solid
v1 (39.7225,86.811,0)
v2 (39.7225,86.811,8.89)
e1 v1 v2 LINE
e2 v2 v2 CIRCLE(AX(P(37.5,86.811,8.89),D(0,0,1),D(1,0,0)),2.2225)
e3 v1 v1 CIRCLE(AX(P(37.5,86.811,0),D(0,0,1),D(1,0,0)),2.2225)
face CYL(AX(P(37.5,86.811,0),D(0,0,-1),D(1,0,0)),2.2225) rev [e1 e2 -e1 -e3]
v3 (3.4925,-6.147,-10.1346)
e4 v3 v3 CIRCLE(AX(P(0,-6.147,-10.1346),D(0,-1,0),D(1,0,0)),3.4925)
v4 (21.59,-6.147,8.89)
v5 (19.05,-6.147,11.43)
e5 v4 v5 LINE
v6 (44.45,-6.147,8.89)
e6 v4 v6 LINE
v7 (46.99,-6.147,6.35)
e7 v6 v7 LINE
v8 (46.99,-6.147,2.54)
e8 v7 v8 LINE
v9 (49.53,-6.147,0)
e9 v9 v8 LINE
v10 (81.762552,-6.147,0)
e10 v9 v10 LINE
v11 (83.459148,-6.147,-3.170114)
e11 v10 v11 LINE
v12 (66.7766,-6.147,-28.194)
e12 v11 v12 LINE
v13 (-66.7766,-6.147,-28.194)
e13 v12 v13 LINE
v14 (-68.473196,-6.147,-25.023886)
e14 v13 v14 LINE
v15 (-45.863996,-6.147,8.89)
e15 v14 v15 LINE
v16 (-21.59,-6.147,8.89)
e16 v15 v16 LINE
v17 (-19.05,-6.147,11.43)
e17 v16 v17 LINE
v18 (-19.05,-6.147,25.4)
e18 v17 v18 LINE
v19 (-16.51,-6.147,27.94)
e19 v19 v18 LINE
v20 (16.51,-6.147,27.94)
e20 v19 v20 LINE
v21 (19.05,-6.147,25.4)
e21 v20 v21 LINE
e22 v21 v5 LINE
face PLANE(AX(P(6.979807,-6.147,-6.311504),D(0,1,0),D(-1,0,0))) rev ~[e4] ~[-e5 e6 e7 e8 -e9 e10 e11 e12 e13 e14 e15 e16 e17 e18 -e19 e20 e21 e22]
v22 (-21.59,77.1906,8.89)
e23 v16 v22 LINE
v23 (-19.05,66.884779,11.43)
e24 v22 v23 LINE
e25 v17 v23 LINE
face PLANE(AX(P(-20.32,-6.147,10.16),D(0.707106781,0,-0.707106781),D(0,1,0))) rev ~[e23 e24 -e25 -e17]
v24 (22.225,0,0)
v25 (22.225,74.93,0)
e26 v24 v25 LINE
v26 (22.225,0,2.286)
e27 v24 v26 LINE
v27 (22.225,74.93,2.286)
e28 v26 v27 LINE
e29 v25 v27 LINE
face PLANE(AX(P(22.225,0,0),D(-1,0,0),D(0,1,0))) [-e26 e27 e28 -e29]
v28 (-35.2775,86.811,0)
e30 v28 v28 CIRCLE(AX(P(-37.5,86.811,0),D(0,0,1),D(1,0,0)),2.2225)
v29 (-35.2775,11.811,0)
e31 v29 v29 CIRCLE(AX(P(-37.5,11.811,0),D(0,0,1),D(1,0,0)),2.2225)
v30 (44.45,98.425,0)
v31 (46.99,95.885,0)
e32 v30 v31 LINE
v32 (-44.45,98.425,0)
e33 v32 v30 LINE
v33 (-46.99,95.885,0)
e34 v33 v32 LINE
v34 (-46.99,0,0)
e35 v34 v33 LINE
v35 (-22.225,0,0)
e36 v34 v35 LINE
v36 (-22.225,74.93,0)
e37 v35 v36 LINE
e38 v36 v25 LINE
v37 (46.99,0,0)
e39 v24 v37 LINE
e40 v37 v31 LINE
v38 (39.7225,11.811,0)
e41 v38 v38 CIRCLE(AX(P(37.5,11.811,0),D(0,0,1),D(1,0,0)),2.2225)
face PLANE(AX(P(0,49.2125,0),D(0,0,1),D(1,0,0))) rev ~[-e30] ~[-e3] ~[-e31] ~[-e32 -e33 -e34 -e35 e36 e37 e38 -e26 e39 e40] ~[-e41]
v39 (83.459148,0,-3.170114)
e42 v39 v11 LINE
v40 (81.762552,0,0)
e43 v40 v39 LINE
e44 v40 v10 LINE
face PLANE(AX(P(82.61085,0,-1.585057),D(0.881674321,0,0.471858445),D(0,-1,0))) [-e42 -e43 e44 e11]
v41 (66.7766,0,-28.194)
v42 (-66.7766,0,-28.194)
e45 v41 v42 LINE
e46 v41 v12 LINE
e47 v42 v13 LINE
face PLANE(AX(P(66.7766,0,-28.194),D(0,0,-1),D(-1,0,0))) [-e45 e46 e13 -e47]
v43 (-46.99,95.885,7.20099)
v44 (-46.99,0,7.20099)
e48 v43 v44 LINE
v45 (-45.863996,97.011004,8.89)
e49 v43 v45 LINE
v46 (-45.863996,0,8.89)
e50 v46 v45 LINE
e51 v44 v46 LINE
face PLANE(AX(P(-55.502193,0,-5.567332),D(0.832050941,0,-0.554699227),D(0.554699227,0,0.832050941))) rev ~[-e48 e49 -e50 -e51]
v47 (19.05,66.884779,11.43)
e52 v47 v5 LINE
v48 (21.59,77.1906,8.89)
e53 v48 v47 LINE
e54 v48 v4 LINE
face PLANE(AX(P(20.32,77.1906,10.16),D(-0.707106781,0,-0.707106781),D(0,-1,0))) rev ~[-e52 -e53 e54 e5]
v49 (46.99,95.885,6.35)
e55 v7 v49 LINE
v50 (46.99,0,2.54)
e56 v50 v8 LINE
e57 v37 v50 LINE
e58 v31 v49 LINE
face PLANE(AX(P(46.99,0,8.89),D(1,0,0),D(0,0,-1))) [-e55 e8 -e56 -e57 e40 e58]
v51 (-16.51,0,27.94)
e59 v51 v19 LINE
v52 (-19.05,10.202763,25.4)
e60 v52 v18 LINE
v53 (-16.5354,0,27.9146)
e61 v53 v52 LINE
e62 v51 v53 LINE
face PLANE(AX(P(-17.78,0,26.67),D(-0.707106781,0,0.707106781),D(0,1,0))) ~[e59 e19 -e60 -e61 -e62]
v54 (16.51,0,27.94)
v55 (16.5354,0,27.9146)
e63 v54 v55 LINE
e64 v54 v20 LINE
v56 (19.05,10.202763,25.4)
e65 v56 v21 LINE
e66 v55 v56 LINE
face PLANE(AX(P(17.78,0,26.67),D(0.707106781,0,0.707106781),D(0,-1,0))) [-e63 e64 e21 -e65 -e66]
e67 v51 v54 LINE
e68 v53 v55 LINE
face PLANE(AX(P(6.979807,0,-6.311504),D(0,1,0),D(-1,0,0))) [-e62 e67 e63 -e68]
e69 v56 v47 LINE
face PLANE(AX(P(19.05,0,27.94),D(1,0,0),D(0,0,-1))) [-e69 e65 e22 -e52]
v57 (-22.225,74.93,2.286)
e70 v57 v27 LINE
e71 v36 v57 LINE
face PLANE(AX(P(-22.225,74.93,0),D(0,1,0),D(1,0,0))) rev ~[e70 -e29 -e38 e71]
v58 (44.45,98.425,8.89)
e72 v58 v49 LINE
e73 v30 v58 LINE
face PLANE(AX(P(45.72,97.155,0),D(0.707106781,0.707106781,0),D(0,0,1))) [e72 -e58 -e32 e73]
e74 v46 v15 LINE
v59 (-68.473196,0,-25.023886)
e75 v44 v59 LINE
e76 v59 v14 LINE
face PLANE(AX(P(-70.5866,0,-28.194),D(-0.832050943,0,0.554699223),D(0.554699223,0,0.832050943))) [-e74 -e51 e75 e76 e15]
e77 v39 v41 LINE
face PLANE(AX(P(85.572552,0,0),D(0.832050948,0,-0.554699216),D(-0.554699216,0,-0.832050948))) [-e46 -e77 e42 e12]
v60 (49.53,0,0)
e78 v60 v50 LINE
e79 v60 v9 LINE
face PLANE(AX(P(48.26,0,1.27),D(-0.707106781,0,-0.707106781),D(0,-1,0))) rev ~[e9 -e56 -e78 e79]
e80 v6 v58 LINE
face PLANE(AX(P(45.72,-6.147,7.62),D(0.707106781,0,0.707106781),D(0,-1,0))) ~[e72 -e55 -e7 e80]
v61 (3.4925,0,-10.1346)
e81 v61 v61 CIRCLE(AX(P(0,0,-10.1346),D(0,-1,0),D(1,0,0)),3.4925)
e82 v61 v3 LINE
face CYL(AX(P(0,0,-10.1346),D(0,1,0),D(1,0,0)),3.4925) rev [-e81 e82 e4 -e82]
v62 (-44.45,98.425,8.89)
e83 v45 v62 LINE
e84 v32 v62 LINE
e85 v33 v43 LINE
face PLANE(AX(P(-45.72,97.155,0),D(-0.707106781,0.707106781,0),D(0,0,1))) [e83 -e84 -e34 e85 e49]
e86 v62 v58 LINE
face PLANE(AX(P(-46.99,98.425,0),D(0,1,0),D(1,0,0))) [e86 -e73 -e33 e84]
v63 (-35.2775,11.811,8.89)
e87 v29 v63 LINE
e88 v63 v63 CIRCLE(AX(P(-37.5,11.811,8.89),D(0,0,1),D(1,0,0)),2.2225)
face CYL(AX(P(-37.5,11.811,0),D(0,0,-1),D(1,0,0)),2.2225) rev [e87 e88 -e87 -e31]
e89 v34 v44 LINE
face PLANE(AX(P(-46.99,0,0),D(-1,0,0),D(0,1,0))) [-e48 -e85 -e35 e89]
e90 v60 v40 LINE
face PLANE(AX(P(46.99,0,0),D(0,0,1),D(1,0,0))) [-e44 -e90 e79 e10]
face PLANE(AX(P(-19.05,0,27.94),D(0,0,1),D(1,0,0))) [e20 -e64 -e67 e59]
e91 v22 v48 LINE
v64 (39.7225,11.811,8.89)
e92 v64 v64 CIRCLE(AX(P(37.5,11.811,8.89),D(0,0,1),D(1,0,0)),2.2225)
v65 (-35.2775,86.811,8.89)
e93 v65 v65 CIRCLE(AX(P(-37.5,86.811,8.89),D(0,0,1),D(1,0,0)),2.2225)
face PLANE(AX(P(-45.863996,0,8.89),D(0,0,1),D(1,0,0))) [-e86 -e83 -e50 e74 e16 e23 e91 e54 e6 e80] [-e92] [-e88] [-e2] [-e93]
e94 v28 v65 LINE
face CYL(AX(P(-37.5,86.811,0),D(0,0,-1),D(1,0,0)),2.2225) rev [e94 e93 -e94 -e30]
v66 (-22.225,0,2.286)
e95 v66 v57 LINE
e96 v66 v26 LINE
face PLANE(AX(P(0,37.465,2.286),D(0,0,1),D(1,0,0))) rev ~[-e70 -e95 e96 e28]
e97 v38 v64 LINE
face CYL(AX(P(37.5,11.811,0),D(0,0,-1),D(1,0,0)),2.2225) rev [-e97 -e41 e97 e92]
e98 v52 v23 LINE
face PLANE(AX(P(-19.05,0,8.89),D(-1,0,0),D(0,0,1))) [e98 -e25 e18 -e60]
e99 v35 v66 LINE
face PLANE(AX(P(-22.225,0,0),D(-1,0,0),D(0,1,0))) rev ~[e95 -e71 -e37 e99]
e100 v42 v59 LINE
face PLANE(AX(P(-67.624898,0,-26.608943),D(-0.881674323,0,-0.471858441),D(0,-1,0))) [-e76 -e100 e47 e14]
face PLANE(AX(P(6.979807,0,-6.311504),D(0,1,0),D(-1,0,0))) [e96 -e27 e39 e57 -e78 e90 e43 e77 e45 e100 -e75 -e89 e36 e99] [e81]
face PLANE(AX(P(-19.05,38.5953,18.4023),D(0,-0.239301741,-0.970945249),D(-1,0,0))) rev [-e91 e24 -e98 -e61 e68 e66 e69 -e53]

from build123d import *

# Parameters (mm, degrees)
SKETCH_W         = 93.98
SKETCH_H         = 98.425
SKETCH_R         = 2.2225
PAD_DEPTH        = 8.89
SKETCH001_W      = 44.45
SKETCH001_H      = 74.93
POCKET_DEPTH     = 2.286
SKETCH002_R      = 3.4925
PAD001_DEPTH     = 6.147
POCKET001_DEPTH  = 98.426
CHAMFER_SIZE     = 3.81
CHAMFER001_SIZE2 = 77.1906
CHAMFER001_SIZE  = 19.0246
CHAMFER002_SIZE  = 2.54


with BuildPart() as part:
    # Sketch → Pad (new body)
    with BuildSketch(Plane.XY):
        with Locations((0, 49.2125)):
            Rectangle(SKETCH_W, SKETCH_H)
        with Locations((37.5, 86.811)):
            Circle(SKETCH_R, mode=Mode.SUBTRACT)
        with Locations((-37.5, 86.811)):
            Circle(SKETCH_R, mode=Mode.SUBTRACT)
        with Locations((-37.5, 11.811)):
            Circle(SKETCH_R, mode=Mode.SUBTRACT)
        with Locations((37.5, 11.811)):
            Circle(SKETCH_R, mode=Mode.SUBTRACT)
    extrude(amount=PAD_DEPTH)

    # Sketch001 → Pocket (cut)
    with BuildSketch(Plane.XY):
        with Locations((0, 37.465)):
            Rectangle(SKETCH001_W, SKETCH001_H)
    extrude(amount=POCKET_DEPTH, mode=Mode.SUBTRACT)

    # Sketch002 → Pad001 (join)
    with BuildSketch(Plane.XZ):
        Polygon((-19.05, 8.89), (-19.05, 27.94), (19.05, 27.94), (19.05, 8.89), (46.99, 8.89), (46.99, 0), (85.572552, 0), (66.7766, -28.194), (-70.5866, -28.194), (-45.863996, 8.89), align=None)
        with Locations((0, -10.1346)):
            Circle(SKETCH002_R, mode=Mode.SUBTRACT)
    extrude(amount=PAD001_DEPTH)

    # Sketch003 → Pocket001 (cut, through all)
    with BuildSketch(Plane.XZ):
        Polygon((-45.863996, 8.89), (-45.863996, 18.360811), (-55.502193, 18.360811), (-55.502193, -5.567332), align=None)
    extrude(amount=-POCKET001_DEPTH, mode=Mode.SUBTRACT)

    # Chamfer
    chamfer_edges = [part.edges().sort_by_distance(p)[0] for p in [
        (-70.5866, -3.0735, -28.194),
        (85.572552, -3.0735, 0),
    ]]
    chamfer(chamfer_edges, length=CHAMFER_SIZE)

    # Chamfer001
    chamfer001_edges = [part.edges().sort_by_distance(p)[0] for p in [
        (0, 0, 8.89),
    ]]
    chamfer001_side = part.faces().sort_by_distance((0, 0, 18.415))[0]
    chamfer(chamfer001_edges, length=CHAMFER001_SIZE, length2=CHAMFER001_SIZE2, reference=chamfer001_side)

    # Chamfer002
    chamfer002_edges = [part.edges().sort_by_distance(p)[0] for p in [
        (-19.05, 38.5953, 8.89),
        (-19.05, -3.0735, 8.89),
        (-46.99, 98.425, 3.600495),
        (46.99, 98.425, 4.445),
        (19.05, -3.0735, 8.89),
        (19.05, 38.5953, 8.89),
        (19.05, -3.0735, 27.94),
        (-19.05, -3.0735, 27.94),
        (46.99, 46.139, 8.89),
        (46.99, -3.0735, 0),
    ]]
    chamfer(chamfer002_edges, length=CHAMFER002_SIZE)


solid = part.part
